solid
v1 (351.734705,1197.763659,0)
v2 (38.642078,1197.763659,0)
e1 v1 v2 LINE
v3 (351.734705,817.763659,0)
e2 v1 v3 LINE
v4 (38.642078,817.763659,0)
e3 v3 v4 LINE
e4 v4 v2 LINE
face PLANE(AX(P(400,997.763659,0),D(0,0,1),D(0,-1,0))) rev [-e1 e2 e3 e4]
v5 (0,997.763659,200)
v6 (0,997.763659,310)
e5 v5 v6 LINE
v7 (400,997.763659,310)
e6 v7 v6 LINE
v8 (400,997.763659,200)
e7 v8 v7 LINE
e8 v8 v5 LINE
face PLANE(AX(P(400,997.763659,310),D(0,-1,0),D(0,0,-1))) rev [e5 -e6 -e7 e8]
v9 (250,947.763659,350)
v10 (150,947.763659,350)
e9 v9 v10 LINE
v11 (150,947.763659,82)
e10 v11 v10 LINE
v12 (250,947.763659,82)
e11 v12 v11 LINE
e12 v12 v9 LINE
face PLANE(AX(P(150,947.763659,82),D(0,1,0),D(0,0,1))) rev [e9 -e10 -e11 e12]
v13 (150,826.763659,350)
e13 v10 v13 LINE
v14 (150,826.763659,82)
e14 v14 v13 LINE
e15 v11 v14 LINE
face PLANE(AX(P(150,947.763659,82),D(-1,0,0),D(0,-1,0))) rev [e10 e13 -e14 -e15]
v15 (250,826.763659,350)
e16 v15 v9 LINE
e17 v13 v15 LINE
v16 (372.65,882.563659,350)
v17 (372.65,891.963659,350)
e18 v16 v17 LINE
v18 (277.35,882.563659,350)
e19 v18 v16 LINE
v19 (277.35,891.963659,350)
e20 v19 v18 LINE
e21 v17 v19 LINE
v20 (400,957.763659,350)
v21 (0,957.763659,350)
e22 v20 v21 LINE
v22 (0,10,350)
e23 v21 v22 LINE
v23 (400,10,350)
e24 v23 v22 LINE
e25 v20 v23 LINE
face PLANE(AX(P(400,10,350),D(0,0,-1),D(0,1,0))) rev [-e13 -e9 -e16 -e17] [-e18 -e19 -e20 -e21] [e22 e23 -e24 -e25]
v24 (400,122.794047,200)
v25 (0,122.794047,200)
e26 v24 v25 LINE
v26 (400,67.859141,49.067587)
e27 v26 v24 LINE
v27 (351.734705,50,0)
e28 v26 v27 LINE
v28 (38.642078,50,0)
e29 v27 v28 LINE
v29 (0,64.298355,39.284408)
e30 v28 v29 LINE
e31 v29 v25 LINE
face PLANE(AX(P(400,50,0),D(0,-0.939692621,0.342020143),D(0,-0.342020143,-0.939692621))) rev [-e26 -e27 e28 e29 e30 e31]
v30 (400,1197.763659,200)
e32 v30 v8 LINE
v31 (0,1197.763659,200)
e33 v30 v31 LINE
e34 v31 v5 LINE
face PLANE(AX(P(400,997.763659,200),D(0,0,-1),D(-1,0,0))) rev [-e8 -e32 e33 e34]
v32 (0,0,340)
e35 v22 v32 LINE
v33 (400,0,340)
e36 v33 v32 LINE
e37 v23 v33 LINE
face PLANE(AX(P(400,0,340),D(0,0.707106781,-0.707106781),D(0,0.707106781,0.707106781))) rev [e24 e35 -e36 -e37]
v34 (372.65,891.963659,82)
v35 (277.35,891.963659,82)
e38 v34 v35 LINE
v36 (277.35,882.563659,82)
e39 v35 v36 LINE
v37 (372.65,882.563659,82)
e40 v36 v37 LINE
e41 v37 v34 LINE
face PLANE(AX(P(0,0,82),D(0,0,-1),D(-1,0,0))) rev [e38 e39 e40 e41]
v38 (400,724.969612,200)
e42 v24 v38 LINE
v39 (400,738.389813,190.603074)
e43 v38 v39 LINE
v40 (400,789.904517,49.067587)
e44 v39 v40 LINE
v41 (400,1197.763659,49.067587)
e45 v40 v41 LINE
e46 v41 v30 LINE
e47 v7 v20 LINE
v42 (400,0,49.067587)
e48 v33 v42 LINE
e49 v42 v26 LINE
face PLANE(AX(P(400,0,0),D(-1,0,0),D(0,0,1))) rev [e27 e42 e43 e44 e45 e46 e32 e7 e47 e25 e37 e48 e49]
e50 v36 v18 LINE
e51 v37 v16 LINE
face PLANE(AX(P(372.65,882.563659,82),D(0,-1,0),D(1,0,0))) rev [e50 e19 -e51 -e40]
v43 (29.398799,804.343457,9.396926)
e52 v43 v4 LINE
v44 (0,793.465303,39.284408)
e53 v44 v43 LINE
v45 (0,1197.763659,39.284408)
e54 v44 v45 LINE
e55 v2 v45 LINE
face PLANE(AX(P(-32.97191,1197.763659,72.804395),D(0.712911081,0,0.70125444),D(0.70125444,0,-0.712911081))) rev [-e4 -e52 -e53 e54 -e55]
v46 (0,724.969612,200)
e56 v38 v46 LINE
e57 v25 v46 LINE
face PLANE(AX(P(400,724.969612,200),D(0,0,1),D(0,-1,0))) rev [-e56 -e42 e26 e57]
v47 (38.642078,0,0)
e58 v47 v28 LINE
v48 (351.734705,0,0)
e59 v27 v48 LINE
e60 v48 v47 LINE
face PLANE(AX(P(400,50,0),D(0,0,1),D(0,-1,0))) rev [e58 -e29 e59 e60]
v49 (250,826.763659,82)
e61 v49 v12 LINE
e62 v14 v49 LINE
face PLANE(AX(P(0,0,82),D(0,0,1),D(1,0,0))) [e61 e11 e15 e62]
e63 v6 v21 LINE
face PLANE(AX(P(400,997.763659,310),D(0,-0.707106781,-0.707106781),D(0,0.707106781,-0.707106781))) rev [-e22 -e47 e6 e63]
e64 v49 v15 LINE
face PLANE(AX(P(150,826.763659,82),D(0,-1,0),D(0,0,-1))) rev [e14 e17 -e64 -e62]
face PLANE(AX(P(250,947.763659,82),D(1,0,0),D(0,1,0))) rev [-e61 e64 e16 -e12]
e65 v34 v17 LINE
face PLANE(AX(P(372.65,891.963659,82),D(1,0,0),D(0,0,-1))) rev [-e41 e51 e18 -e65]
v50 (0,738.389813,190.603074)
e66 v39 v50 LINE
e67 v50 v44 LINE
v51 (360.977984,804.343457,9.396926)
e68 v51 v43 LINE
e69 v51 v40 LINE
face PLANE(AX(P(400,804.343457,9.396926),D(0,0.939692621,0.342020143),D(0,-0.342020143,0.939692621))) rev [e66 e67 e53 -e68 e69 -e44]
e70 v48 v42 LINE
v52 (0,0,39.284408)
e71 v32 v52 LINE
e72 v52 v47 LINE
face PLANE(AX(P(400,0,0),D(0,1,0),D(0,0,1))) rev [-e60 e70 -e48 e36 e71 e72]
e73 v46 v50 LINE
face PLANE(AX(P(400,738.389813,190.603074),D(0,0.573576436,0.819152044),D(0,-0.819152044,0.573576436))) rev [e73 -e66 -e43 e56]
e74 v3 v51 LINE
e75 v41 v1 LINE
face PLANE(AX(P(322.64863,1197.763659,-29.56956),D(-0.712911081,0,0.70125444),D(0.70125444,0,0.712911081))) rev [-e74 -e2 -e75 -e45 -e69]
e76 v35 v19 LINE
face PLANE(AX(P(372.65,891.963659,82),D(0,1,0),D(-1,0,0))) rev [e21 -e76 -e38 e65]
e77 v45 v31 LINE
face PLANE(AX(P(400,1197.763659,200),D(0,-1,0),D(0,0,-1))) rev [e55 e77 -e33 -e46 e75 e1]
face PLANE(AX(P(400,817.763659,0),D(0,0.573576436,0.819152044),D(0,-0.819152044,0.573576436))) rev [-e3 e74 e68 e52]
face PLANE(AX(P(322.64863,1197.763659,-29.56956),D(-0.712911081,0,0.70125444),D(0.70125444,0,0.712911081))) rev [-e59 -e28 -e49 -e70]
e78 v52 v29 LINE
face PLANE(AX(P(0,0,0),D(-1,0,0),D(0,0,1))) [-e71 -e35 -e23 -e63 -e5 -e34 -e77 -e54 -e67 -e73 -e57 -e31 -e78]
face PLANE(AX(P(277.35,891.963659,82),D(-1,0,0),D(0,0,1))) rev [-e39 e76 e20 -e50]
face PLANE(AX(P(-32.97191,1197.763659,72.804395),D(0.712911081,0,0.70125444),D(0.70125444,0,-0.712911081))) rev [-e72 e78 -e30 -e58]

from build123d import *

# Parameters (mm, degrees)
BOSS_EXTRUDE1_DEPTH     = 400
SKETCH2_W               = 100
SKETCH2_H               = 121
SKETCH2_W_2             = 95.3
SKETCH2_H_2             = 9.4
CUT_EXTRUDE1_DEPTH      = 268
CUT_EXTRUDE2_DEPTH      = 1
CUT_EXTRUDE2_DEPTH_BACK = 1198.763658591


with BuildPart() as part:
    # Sketch1 → Boss-Extrude1 (new body)
    with BuildSketch(Plane(origin=(0, 0, 0), x_dir=(0, 0, -1), z_dir=(1, 0, 0))):
        Polygon((0, 0), (-340, 0), (-350, 10), (-350, 957.763658591), (-310, 997.763658591), (-200, 997.763658591), (-200, 1197.763658591), (-150, 1197.763658591), (0, 1197.763658591), (0, 997.763658591), (0, 967.763658591), (0, 817.763658591), (-9.396926208, 804.343457158), (-27.474774195, 797.763658591), (-190.603073792, 738.389813171), (-200, 724.969611738), (-200, 122.794046853), (0, 50), align=None)
    extrude(amount=BOSS_EXTRUDE1_DEPTH)

    # Sketch2 → Cut-Extrude1 (cut)
    with BuildSketch(Plane.XY.offset(350)):
        with Locations((200, 887.263658591)):
            Rectangle(SKETCH2_W, SKETCH2_H)
        with Locations((325, 887.263658591)):
            Rectangle(SKETCH2_W_2, SKETCH2_H_2)
    extrude(amount=-CUT_EXTRUDE1_DEPTH, mode=Mode.SUBTRACT)

    # Sketch3 → Cut-Extrude2 (cut, two sides)
    with BuildSketch(Plane(origin=(0, 0, 0), x_dir=(-1, 0, 0), z_dir=(0, -1, 0))) as cut_extrude2_sk:
        Polygon((32.971910004, -72.804395349), (-67.728153305, 29.569560354), (-322.648629759, 29.569560354), (-423.348693067, -72.804395349), (-423.348693067, 100.069531779), (32.971910004, 100.069531779), align=None)
    extrude(amount=CUT_EXTRUDE2_DEPTH, mode=Mode.SUBTRACT)
    extrude(cut_extrude2_sk.sketch, amount=-CUT_EXTRUDE2_DEPTH_BACK, mode=Mode.SUBTRACT)


solid = part.part
